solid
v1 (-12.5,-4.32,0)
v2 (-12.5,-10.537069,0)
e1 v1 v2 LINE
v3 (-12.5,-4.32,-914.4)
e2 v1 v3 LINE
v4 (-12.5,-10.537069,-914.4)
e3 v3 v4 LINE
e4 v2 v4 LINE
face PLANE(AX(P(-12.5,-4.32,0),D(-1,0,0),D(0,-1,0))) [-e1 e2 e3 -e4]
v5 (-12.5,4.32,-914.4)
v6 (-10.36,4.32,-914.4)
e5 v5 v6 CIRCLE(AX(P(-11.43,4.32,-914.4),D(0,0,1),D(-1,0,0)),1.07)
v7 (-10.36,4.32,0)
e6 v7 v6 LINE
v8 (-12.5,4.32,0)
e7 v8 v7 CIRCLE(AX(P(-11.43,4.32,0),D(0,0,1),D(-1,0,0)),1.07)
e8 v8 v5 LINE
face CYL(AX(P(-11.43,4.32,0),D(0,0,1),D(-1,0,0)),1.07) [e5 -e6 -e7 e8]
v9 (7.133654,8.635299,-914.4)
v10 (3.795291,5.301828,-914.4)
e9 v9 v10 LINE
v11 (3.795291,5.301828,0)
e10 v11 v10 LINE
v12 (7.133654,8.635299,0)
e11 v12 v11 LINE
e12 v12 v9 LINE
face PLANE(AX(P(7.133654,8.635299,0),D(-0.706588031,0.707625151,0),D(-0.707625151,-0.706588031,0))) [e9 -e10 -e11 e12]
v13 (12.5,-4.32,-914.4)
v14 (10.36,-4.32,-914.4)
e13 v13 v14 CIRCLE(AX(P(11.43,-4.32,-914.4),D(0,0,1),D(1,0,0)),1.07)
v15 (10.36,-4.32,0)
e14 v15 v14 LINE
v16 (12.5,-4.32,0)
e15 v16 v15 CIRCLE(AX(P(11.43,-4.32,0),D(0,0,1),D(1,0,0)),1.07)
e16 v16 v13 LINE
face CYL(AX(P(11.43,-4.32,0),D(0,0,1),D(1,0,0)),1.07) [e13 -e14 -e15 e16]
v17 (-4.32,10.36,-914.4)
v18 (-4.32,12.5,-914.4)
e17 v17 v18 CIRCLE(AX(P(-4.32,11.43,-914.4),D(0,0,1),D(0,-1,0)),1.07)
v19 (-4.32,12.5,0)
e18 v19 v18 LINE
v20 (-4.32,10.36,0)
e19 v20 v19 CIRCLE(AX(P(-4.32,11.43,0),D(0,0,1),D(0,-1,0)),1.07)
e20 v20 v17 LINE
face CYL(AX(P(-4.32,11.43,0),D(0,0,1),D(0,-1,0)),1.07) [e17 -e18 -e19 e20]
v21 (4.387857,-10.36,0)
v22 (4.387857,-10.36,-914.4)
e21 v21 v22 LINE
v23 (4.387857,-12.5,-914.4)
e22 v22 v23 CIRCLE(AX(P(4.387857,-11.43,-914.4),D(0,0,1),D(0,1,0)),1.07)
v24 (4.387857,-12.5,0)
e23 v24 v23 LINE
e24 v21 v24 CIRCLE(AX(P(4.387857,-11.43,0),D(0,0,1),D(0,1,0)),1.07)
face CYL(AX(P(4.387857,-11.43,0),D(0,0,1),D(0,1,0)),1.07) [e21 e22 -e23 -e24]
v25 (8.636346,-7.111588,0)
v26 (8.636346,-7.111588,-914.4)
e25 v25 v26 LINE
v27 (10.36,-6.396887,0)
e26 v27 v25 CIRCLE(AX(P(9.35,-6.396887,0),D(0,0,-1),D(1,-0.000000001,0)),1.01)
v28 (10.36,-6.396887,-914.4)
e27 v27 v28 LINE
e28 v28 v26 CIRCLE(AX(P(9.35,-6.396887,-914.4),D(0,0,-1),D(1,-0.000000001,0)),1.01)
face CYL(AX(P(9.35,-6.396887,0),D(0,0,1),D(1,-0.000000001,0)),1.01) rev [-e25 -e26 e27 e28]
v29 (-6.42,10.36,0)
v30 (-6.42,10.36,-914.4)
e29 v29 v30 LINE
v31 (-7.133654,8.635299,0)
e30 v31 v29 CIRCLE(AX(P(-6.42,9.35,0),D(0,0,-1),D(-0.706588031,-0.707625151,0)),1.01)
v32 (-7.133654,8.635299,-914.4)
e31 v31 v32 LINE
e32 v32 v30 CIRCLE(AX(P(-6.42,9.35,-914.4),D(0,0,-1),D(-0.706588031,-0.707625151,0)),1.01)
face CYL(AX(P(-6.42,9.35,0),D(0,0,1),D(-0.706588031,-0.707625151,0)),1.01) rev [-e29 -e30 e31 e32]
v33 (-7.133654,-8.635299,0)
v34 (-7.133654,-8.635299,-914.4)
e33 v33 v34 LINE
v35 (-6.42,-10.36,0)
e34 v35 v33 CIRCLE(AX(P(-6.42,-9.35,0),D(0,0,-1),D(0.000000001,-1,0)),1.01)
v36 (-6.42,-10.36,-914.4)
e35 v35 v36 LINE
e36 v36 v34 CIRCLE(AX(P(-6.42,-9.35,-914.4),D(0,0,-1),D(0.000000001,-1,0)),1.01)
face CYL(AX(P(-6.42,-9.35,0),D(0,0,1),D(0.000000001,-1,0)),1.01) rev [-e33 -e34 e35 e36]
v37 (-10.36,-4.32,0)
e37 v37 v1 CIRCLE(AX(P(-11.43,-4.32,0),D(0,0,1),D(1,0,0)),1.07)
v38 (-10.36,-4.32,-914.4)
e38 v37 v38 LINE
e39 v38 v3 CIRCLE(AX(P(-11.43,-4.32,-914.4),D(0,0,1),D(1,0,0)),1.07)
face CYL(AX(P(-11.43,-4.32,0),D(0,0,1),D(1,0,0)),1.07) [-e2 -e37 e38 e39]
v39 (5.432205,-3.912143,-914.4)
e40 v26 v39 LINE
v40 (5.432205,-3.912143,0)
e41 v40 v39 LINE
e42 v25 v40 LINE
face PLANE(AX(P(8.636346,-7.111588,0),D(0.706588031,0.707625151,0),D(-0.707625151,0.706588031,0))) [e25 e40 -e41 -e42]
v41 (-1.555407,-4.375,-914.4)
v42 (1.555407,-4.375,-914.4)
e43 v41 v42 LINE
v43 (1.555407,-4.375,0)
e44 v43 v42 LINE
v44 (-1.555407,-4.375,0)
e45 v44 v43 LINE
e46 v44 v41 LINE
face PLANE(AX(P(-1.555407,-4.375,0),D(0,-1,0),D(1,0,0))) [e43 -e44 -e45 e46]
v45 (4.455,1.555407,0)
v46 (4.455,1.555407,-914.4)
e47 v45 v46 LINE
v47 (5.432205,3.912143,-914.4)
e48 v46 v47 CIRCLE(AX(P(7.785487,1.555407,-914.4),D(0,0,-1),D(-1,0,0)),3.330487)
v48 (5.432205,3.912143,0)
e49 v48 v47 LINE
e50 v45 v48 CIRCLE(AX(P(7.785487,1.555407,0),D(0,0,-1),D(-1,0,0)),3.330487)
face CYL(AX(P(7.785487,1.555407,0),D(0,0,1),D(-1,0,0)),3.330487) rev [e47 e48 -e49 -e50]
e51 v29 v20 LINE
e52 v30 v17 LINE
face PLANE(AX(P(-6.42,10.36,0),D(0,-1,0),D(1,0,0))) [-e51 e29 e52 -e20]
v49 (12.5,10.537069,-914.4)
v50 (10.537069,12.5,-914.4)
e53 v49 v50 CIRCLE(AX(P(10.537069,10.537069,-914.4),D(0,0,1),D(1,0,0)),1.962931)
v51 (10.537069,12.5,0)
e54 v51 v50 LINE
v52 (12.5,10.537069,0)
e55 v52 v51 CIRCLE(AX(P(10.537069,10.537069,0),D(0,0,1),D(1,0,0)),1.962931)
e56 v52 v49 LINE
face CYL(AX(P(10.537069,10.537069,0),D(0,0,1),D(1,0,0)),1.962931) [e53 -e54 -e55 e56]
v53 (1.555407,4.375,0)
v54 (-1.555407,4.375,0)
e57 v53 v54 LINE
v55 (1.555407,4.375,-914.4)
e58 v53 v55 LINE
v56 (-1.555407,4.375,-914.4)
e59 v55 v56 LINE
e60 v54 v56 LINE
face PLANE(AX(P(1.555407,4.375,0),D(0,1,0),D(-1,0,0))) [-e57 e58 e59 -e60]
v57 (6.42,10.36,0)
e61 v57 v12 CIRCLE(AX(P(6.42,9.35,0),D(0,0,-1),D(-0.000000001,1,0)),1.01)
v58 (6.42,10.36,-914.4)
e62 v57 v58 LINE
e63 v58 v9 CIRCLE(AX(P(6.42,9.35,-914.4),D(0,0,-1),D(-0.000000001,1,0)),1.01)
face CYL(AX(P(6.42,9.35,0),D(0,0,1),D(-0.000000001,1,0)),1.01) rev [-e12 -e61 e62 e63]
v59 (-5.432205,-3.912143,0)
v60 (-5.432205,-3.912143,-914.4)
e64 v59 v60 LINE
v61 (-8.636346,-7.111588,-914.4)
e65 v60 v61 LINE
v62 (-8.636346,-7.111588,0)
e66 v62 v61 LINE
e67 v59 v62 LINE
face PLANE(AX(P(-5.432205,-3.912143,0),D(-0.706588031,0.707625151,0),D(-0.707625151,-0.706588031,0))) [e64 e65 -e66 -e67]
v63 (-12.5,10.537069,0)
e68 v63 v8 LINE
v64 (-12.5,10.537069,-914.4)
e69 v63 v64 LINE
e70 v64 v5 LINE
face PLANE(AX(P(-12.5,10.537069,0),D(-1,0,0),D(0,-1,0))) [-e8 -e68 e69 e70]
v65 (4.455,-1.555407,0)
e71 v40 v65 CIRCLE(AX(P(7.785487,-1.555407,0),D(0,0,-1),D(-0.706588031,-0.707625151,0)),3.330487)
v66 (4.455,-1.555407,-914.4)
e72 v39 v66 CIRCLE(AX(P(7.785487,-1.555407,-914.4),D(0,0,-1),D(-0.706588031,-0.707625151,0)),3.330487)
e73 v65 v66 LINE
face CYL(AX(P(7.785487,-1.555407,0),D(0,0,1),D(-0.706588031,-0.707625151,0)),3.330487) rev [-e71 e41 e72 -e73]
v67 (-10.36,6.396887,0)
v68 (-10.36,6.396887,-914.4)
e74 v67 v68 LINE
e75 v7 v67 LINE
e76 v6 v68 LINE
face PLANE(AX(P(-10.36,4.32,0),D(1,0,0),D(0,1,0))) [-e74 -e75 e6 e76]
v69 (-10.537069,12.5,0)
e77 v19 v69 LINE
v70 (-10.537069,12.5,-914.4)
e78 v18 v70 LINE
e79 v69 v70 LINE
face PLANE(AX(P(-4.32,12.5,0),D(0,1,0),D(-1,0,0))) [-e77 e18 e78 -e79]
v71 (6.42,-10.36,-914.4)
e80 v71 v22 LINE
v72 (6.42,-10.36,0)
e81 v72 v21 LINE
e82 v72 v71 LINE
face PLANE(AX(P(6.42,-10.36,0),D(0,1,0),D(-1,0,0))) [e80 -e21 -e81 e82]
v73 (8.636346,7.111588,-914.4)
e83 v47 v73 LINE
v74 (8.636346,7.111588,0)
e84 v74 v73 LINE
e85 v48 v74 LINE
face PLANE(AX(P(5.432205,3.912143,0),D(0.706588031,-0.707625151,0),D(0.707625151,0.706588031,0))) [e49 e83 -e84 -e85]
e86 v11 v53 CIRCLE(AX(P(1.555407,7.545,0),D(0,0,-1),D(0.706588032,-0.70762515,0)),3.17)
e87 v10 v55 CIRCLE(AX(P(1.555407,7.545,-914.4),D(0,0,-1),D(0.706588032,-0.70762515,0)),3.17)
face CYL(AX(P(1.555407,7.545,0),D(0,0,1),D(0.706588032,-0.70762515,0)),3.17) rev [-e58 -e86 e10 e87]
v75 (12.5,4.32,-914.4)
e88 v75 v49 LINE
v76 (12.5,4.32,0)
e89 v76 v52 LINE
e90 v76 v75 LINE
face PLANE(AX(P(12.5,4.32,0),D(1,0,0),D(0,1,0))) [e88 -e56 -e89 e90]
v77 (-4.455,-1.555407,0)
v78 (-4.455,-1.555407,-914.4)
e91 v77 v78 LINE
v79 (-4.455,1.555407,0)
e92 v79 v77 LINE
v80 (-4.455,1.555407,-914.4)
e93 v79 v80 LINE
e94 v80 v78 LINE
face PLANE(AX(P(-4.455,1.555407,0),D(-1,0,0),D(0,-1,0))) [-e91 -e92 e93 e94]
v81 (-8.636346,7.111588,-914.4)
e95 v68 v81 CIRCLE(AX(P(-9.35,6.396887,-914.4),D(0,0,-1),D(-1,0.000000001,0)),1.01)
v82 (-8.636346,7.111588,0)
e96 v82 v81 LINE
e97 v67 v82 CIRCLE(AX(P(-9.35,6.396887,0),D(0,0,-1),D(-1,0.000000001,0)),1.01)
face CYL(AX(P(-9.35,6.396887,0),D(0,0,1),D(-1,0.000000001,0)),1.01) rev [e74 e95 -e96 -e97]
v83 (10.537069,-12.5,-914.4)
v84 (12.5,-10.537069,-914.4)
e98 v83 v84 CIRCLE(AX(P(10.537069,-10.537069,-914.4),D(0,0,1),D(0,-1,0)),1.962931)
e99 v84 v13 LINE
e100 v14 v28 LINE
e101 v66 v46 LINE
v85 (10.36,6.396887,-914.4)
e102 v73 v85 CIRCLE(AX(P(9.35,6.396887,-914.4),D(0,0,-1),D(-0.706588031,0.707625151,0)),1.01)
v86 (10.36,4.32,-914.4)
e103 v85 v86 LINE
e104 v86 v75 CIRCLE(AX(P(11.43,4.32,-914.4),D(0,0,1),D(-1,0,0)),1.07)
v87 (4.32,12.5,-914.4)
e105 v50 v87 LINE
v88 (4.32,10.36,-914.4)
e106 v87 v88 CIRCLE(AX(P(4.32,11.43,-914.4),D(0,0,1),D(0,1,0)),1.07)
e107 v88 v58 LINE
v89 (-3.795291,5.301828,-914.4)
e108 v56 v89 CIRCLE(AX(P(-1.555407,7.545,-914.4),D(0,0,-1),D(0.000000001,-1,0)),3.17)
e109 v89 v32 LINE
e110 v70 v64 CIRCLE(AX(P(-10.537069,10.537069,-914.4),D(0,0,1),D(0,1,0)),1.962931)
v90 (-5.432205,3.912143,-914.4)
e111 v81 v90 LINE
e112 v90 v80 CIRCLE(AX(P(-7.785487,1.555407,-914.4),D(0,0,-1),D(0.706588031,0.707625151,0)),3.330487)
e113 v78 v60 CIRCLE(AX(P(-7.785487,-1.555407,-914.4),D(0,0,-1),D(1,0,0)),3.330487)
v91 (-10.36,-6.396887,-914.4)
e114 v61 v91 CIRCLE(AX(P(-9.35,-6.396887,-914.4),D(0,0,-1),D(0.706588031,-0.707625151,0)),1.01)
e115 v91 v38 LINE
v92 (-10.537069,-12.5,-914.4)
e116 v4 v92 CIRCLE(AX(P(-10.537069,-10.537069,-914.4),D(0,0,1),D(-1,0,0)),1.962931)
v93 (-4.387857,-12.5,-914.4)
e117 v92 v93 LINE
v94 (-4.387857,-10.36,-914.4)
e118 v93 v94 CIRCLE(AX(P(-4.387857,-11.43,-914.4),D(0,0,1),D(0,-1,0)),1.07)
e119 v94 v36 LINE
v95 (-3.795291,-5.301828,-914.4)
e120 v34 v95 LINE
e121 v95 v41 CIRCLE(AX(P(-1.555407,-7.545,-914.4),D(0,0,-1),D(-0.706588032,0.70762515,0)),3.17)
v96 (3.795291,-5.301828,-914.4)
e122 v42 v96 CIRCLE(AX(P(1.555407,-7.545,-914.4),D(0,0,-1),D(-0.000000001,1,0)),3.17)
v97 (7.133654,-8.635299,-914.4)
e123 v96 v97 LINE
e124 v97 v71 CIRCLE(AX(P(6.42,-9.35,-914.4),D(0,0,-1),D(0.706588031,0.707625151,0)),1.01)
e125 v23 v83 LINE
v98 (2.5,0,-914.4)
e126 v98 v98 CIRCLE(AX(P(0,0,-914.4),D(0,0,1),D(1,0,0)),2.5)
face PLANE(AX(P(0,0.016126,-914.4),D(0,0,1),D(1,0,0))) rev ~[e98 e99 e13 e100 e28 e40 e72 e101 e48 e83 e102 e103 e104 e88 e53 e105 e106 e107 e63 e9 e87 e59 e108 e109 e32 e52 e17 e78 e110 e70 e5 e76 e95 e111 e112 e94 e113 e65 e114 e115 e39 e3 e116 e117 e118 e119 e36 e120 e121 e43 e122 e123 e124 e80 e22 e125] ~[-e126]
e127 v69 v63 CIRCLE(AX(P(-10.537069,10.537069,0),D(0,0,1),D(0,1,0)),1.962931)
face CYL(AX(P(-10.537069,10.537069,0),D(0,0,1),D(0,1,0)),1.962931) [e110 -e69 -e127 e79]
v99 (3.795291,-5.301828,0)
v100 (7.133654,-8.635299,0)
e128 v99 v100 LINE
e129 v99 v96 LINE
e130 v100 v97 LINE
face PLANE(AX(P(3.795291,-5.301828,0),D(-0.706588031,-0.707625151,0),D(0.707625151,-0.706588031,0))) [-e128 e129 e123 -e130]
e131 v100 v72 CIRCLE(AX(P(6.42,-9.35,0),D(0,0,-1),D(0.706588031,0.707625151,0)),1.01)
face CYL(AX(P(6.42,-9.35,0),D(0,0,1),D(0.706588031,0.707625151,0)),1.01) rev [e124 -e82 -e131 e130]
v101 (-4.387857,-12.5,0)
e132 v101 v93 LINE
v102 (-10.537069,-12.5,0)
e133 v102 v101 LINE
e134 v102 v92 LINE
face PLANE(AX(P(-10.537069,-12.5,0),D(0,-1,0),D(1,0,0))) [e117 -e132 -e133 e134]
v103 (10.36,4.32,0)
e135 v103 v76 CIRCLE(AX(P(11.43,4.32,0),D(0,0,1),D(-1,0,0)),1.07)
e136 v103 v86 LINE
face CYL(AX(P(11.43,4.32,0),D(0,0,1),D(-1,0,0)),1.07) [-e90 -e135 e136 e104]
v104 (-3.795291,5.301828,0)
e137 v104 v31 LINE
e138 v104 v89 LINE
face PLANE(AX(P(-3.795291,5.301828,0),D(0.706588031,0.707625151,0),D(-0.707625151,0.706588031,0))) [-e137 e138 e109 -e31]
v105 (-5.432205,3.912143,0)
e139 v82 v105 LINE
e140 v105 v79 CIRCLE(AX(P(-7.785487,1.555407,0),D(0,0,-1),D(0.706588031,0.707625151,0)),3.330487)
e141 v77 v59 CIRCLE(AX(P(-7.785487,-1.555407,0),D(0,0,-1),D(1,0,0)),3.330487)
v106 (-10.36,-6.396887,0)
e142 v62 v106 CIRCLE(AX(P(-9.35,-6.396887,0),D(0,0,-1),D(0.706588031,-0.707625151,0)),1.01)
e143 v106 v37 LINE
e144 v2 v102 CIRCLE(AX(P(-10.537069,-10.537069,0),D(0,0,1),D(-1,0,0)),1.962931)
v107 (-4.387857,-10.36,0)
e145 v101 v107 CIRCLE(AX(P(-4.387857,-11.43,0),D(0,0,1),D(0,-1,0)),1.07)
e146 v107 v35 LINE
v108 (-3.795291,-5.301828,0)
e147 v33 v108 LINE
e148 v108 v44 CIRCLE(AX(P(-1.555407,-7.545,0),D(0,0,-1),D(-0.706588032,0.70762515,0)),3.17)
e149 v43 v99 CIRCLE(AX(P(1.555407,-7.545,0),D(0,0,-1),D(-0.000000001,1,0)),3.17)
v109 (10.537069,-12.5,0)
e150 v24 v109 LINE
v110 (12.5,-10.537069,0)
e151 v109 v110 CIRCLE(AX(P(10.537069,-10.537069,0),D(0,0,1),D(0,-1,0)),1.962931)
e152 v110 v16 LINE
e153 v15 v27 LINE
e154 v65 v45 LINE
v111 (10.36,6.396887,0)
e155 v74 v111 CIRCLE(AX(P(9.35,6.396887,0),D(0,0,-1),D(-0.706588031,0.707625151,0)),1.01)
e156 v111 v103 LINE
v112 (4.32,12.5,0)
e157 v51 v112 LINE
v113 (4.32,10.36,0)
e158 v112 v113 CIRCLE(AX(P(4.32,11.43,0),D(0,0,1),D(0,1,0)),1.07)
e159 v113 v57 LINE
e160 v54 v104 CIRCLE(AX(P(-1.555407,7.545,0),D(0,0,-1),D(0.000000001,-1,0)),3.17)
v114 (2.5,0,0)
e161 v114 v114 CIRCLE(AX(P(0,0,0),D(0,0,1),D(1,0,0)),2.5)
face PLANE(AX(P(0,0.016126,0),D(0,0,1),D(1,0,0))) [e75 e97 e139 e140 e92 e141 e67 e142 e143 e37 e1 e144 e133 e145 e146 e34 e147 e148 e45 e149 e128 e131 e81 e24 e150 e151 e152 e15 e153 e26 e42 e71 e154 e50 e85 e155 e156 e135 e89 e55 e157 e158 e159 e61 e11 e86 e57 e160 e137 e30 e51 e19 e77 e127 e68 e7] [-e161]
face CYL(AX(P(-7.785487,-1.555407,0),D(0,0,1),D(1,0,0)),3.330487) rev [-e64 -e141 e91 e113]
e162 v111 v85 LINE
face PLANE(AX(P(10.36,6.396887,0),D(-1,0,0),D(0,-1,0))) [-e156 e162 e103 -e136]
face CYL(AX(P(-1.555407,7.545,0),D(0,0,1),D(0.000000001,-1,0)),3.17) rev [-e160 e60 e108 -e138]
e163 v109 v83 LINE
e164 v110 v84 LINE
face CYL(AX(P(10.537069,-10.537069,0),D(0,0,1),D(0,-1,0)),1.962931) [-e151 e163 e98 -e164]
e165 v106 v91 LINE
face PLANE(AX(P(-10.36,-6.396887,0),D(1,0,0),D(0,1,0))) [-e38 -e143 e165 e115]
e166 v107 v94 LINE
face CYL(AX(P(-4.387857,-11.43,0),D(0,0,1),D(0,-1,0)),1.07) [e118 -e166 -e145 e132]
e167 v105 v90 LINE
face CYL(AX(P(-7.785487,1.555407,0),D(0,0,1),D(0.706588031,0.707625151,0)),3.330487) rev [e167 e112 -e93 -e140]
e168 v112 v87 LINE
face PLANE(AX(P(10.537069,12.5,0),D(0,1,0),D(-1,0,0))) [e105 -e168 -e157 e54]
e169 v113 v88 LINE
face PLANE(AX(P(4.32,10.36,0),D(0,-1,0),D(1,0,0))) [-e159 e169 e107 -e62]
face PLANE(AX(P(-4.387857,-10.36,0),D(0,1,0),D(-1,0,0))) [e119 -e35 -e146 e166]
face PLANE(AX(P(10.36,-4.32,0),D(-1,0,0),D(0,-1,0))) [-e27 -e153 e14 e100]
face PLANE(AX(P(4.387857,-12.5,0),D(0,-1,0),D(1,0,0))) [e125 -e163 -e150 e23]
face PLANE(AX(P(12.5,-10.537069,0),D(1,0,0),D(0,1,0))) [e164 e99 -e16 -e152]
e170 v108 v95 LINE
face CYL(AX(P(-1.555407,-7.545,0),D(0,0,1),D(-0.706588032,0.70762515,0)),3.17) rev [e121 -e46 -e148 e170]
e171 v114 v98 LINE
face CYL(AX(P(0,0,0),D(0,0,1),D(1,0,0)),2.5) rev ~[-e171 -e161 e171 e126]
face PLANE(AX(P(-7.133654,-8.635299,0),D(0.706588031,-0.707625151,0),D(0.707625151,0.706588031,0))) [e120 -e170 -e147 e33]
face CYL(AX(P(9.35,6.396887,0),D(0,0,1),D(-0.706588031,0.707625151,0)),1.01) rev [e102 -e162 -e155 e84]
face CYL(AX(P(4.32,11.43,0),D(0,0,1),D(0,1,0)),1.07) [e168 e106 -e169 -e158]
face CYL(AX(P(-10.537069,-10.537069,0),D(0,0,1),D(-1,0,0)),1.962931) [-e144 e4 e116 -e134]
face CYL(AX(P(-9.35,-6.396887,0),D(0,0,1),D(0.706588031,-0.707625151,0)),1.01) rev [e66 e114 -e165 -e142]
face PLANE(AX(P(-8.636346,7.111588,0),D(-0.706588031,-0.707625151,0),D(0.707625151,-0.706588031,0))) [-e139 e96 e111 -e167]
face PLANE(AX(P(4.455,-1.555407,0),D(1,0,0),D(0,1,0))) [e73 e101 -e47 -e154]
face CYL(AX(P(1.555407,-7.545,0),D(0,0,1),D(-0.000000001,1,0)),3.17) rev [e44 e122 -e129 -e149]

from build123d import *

# Parameters (mm, degrees)
SKETCH1_R      = 2.5
EXTRUDE1_DEPTH = 914.4


with BuildPart() as part:
    # Sketch1 → Extrude1 (new body)
    with BuildSketch(Plane.XY):
        with BuildLine():
            Line((-8.636346088, 7.111588351), (-5.432204773, 3.912143135))
            ThreePointArc((-5.432204773, 3.912143135), (-4.708985779, 2.831057106), (-4.455, 1.555406707))
            Line((-4.455, 1.555406707), (-4.455, -1.555406707))
            ThreePointArc((-4.455, -1.555406707), (-4.708985779, -2.831057106), (-5.432204773, -3.912143135))
            Line((-5.432204773, -3.912143135), (-8.636346088, -7.111588351))
            ThreePointArc((-8.636346088, -7.111588351), (-9.736852394, -7.329863489), (-10.36, -6.396886949))
            Line((-10.36, -6.396886949), (-10.36, -4.32))
            ThreePointArc((-10.36, -4.32), (-11.43, -3.25), (-12.5, -4.32))
            Line((-12.5, -4.32), (-12.5, -8.651801989))
            Line((-12.5, -8.651801989), (-12.5, -10.537068835))
            ThreePointArc((-12.5, -10.537068835), (-11.925070773, -11.925070773), (-10.537068835, -12.5))
            Line((-10.537068835, -12.5), (-8.441567612, -12.5))
            Line((-8.441567612, -12.5), (-4.387856959, -12.5))
            ThreePointArc((-4.387856959, -12.5), (-3.317856959, -11.43), (-4.387856959, -10.36))
            Line((-4.387856959, -10.36), (-6.42, -10.36))
            ThreePointArc((-6.42, -10.36), (-7.35325999, -9.736168088), (-7.133653912, -8.635298598))
            Line((-7.133653912, -8.635298598), (-3.795290766, -5.301828272))
            ThreePointArc((-3.795290766, -5.301828272), (-2.76743922, -4.61585726), (-1.555406707, -4.375))
            Line((-1.555406707, -4.375), (1.555406707, -4.375))
            ThreePointArc((1.555406707, -4.375), (2.76743922, -4.61585726), (3.795290766, -5.301828272))
            Line((3.795290766, -5.301828272), (7.133653912, -8.635298598))
            ThreePointArc((7.133653912, -8.635298598), (7.35325999, -9.736168088), (6.42, -10.36))
            Line((6.42, -10.36), (4.387856959, -10.36))
            ThreePointArc((4.387856959, -10.36), (3.317856959, -11.43), (4.387856959, -12.5))
            Line((4.387856959, -12.5), (8.441567612, -12.5))
            Line((8.441567612, -12.5), (10.537068835, -12.5))
            ThreePointArc((10.537068835, -12.5), (11.925070773, -11.925070773), (12.5, -10.537068835))
            Line((12.5, -10.537068835), (12.5, -8.651801989))
            Line((12.5, -8.651801989), (12.5, -4.32))
            ThreePointArc((12.5, -4.32), (11.43, -3.25), (10.36, -4.32))
            Line((10.36, -4.32), (10.36, -6.396886949))
            ThreePointArc((10.36, -6.396886949), (9.736852394, -7.329863489), (8.636346088, -7.111588351))
            Line((8.636346088, -7.111588351), (5.432204773, -3.912143135))
            ThreePointArc((5.432204773, -3.912143135), (4.708985779, -2.831057106), (4.455, -1.555406707))
            Line((4.455, -1.555406707), (4.455, 1.555406707))
            ThreePointArc((4.455, 1.555406707), (4.708985779, 2.831057106), (5.432204773, 3.912143135))
            Line((5.432204773, 3.912143135), (8.636346088, 7.111588351))
            ThreePointArc((8.636346088, 7.111588351), (9.736852394, 7.329863489), (10.36, 6.396886949))
            Line((10.36, 6.396886949), (10.36, 4.32))
            ThreePointArc((10.36, 4.32), (11.43, 3.25), (12.5, 4.32))
            Line((12.5, 4.32), (12.5, 7.99129648))
            Line((12.5, 7.99129648), (12.5, 10.537068835))
            ThreePointArc((12.5, 10.537068835), (11.925070773, 11.925070773), (10.537068835, 12.5))
            Line((10.537068835, 12.5), (4.32, 12.5))
            ThreePointArc((4.32, 12.5), (3.25, 11.43), (4.32, 10.36))
            Line((4.32, 10.36), (6.42, 10.36))
            ThreePointArc((6.42, 10.36), (7.35325999, 9.736168088), (7.133653912, 8.635298598))
            Line((7.133653912, 8.635298598), (3.795290766, 5.301828272))
            ThreePointArc((3.795290766, 5.301828272), (2.76743922, 4.61585726), (1.555406707, 4.375))
            Line((1.555406707, 4.375), (-1.555406707, 4.375))
            ThreePointArc((-1.555406707, 4.375), (-2.76743922, 4.61585726), (-3.795290766, 5.301828272))
            Line((-3.795290766, 5.301828272), (-7.133653912, 8.635298598))
            ThreePointArc((-7.133653912, 8.635298598), (-7.35325999, 9.736168088), (-6.42, 10.36))
            Line((-6.42, 10.36), (-4.32, 10.36))
            ThreePointArc((-4.32, 10.36), (-3.25, 11.43), (-4.32, 12.5))
            Line((-4.32, 12.5), (-10.537068835, 12.5))
            ThreePointArc((-10.537068835, 12.5), (-11.925070773, 11.925070773), (-12.5, 10.537068835))
            Line((-12.5, 10.537068835), (-12.5, 7.99129648))
            Line((-12.5, 7.99129648), (-12.5, 4.32))
            ThreePointArc((-12.5, 4.32), (-11.43, 3.25), (-10.36, 4.32))
            Line((-10.36, 4.32), (-10.36, 6.396886949))
            ThreePointArc((-10.36, 6.396886949), (-9.736852394, 7.329863489), (-8.636346088, 7.111588351))
        make_face()
        Circle(SKETCH1_R, mode=Mode.SUBTRACT)
    extrude(amount=-EXTRUDE1_DEPTH)


solid = part.part
